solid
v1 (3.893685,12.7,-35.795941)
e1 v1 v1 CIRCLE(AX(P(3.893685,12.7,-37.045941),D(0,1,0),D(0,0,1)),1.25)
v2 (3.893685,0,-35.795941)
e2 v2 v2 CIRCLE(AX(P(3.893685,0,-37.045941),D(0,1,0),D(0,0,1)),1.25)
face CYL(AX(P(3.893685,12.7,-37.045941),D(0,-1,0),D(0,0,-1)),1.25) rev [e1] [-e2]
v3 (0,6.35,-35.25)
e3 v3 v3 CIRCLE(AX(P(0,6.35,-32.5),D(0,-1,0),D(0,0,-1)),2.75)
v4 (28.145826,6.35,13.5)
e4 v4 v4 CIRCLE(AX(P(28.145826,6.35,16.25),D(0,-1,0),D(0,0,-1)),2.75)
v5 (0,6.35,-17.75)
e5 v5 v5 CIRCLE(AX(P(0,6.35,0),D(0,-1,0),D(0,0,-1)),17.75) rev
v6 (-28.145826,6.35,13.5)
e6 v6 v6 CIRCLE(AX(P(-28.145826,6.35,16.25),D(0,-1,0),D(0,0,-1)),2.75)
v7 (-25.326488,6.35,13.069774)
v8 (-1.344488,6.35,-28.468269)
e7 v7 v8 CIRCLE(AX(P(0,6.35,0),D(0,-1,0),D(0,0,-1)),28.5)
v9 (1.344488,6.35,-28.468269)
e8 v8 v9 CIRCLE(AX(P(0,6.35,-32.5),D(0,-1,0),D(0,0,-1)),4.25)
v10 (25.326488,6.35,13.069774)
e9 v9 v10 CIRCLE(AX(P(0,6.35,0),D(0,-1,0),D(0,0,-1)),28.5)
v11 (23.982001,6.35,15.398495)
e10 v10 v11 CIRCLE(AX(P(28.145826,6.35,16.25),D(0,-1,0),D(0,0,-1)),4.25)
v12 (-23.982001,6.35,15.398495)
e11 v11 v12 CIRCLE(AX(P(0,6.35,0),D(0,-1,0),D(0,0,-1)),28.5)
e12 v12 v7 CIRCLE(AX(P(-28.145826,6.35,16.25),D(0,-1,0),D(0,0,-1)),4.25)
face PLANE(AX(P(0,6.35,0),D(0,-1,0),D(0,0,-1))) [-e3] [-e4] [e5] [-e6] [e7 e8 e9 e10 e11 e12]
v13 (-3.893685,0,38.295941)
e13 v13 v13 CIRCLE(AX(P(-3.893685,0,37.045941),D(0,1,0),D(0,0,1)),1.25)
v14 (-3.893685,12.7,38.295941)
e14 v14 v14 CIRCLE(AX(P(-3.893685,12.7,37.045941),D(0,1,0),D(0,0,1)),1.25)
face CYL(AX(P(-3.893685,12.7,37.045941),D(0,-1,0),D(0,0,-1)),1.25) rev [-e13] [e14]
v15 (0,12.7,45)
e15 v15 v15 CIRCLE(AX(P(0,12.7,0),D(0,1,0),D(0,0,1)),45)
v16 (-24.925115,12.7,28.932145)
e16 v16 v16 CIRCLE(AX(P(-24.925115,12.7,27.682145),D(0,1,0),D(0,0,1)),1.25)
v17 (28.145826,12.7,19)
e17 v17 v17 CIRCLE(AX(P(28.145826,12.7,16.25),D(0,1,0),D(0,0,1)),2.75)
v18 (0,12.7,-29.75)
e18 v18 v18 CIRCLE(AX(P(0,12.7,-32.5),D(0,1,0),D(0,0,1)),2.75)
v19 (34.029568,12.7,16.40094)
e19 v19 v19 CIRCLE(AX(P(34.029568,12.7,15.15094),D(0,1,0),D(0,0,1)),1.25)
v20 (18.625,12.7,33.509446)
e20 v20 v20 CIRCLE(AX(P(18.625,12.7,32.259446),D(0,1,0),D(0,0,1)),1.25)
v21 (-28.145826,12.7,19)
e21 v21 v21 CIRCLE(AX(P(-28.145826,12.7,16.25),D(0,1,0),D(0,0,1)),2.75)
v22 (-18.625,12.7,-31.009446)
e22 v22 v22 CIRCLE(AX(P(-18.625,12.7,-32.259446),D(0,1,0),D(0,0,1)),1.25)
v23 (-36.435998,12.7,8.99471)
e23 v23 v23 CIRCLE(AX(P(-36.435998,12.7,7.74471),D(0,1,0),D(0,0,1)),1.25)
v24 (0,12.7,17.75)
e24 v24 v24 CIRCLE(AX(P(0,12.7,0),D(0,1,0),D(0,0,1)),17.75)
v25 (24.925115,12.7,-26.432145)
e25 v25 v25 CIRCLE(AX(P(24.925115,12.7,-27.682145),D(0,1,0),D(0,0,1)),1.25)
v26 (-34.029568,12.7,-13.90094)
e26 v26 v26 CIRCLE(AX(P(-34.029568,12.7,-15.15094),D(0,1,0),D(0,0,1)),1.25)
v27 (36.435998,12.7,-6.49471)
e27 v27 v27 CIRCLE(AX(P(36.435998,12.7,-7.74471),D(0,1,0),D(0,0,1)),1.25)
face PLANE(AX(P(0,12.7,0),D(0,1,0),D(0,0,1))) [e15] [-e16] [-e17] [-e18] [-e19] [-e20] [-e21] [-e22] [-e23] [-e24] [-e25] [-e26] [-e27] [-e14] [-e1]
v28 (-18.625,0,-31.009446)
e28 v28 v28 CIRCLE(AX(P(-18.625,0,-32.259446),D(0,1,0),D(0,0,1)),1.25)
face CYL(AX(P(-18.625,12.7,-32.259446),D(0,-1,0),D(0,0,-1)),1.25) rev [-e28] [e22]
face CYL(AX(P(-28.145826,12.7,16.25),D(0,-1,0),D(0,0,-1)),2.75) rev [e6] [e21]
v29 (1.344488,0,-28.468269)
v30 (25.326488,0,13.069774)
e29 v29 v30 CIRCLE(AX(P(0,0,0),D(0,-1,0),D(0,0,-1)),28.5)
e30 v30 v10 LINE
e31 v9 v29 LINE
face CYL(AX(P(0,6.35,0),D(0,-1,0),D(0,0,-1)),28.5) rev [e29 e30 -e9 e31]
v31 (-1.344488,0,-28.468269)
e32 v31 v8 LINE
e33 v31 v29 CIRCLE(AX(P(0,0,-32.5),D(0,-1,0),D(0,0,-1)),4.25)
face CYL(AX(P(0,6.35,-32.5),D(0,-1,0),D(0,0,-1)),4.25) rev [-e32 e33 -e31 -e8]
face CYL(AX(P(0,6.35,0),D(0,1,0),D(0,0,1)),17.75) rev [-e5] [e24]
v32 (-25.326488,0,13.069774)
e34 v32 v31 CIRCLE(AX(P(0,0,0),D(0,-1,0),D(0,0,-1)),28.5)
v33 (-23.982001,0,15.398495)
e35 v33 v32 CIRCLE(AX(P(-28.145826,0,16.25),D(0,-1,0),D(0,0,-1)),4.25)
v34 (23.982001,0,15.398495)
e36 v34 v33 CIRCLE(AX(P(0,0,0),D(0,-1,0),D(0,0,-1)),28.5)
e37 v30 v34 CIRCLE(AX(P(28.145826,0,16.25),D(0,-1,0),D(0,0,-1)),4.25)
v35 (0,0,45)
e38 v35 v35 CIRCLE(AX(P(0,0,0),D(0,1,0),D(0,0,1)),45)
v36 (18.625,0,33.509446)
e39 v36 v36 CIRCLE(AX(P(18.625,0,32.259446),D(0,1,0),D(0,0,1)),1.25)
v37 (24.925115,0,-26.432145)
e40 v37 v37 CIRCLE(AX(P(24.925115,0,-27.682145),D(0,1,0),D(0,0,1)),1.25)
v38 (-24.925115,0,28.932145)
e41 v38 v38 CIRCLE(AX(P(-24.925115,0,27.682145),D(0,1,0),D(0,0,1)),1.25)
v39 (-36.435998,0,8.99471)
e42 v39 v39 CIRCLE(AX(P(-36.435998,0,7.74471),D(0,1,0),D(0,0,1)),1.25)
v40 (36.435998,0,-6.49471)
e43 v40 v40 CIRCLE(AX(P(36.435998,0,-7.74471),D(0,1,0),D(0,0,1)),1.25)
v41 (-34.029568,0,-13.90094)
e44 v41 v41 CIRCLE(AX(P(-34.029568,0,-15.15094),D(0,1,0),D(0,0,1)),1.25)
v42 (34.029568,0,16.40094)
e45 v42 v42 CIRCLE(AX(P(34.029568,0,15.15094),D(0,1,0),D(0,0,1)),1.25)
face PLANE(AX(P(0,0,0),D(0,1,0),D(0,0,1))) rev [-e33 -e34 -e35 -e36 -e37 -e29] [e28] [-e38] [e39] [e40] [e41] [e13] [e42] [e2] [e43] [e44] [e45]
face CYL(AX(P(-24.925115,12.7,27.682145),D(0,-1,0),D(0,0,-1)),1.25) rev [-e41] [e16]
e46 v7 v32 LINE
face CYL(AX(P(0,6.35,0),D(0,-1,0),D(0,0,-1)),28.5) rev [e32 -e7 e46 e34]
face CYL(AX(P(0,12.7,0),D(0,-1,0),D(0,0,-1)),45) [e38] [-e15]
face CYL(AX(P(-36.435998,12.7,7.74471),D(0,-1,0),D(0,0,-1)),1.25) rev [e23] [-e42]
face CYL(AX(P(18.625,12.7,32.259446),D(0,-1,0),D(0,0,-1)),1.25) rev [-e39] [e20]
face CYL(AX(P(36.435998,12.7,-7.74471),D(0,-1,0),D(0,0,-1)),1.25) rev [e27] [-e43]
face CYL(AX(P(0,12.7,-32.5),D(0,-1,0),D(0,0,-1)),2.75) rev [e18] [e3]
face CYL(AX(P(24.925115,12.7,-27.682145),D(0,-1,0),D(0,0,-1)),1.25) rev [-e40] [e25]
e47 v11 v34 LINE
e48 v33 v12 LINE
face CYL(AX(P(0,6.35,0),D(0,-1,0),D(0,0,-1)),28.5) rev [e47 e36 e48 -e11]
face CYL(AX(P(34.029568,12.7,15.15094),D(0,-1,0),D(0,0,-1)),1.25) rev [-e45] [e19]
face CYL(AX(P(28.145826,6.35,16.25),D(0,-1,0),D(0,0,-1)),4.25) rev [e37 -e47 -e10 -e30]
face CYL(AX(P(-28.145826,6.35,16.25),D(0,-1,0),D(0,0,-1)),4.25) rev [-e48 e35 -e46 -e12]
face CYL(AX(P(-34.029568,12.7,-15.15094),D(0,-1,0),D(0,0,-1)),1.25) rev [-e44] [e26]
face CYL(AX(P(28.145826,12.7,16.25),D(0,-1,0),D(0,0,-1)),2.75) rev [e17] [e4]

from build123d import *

# Parameters (mm, degrees)
SKETCH1_R           = 45
SKETCH1_R_2         = 2.75
SKETCH1_R_3         = 1.25
BOSS_EXTRUDE1_DEPTH = 12.7
SKETCH2_R           = 17.75
CUT_EXTRUDE1_DEPTH  = 6.35
SKETCH3_R           = 6
CUT_EXTRUDE2_DEPTH  = 64.95562915
SKETCH4_R           = 28.5
CUT_EXTRUDE3_DEPTH  = 6.35
SKETCH6_R           = 4.25
CUT_EXTRUDE4_DEPTH  = 6.35


with BuildPart() as part:
    # Sketch1 → Boss-Extrude1 (new body)
    with BuildSketch(Plane(origin=(0, 0, 0), x_dir=(1, 0, 0), z_dir=(0, 1, 0))):
        with Locations(Location((0, 0, 0), (0, 0, 270))):
            Circle(SKETCH1_R)
        with Locations(Location((0, 32.5, 0), (0, 0, 270))):
            Circle(SKETCH1_R_2, mode=Mode.SUBTRACT)
        with Locations(Location((28.145825623, -16.25, 0), (0, 0, 270))):
            Circle(SKETCH1_R_2, mode=Mode.SUBTRACT)
        with Locations(Location((-28.145825623, -16.25, 0), (0, 0, 270))):
            Circle(SKETCH1_R_2, mode=Mode.SUBTRACT)
        with Locations(Location((-36.435998127, -7.744710483, 0), (0, 0, 270))):
            Circle(SKETCH1_R_3, mode=Mode.SUBTRACT)
        with Locations(Location((-34.029568297, 15.150939955, 0), (0, 0, 270))):
            Circle(SKETCH1_R_3, mode=Mode.SUBTRACT)
        with Locations(Location((-18.625, 32.259446291, 0), (0, 0, 270))):
            Circle(SKETCH1_R_3, mode=Mode.SUBTRACT)
        with Locations(Location((3.893685257, 37.045940602, 0), (0, 0, 270))):
            Circle(SKETCH1_R_3, mode=Mode.SUBTRACT)
        with Locations(Location((24.925115087, 27.682144749, 0), (0, 0, 270))):
            Circle(SKETCH1_R_3, mode=Mode.SUBTRACT)
        with Locations(Location((36.435998127, 7.744710483, 0), (0, 0, 270))):
            Circle(SKETCH1_R_3, mode=Mode.SUBTRACT)
        with Locations(Location((34.029568297, -15.150939955, 0), (0, 0, 270))):
            Circle(SKETCH1_R_3, mode=Mode.SUBTRACT)
        with Locations(Location((18.625, -32.259446291, 0), (0, 0, 270))):
            Circle(SKETCH1_R_3, mode=Mode.SUBTRACT)
        with Locations(Location((-3.893685257, -37.045940602, 0), (0, 0, 270))):
            Circle(SKETCH1_R_3, mode=Mode.SUBTRACT)
        with Locations(Location((-24.925115087, -27.682144749, 0), (0, 0, 270))):
            Circle(SKETCH1_R_3, mode=Mode.SUBTRACT)
    extrude(amount=BOSS_EXTRUDE1_DEPTH)

    # Sketch2 → Cut-Extrude1 (cut)
    with BuildSketch(Plane(origin=(0, 12.7, 0), x_dir=(1, 0, 0), z_dir=(0, 1, 0))):
        with Locations(Location((0, 0, 0), (0, 0, 270))):
            Circle(SKETCH2_R)
    extrude(amount=-CUT_EXTRUDE1_DEPTH, mode=Mode.SUBTRACT)

    # Sketch3 → Cut-Extrude2 (cut, through all)
    with BuildSketch(Plane(origin=(0, 6.35, 0), x_dir=(1, 0, 0), z_dir=(0, 1, 0))):
        with Locations(Location((0, 0, 0), (0, 0, 270))):
            Circle(SKETCH3_R)
    extrude(amount=-CUT_EXTRUDE2_DEPTH, mode=Mode.SUBTRACT)

    # Sketch4 → Cut-Extrude3 (cut)
    with BuildSketch(Plane.XZ):
        with Locations(Location((0, 0, 0), (0, 0, 270))):
            Circle(SKETCH4_R)
    extrude(amount=-CUT_EXTRUDE3_DEPTH, mode=Mode.SUBTRACT)

    # Sketch6 → Cut-Extrude4 (cut)
    with BuildSketch(Plane.XZ):
        with Locations((28.145825623, 16.25)):
            Circle(SKETCH6_R)
        with Locations((0, -32.5)):
            Circle(SKETCH6_R)
        with Locations((-28.145825623, 16.25)):
            Circle(SKETCH6_R)
    extrude(amount=-CUT_EXTRUDE4_DEPTH, mode=Mode.SUBTRACT)


solid = part.part
